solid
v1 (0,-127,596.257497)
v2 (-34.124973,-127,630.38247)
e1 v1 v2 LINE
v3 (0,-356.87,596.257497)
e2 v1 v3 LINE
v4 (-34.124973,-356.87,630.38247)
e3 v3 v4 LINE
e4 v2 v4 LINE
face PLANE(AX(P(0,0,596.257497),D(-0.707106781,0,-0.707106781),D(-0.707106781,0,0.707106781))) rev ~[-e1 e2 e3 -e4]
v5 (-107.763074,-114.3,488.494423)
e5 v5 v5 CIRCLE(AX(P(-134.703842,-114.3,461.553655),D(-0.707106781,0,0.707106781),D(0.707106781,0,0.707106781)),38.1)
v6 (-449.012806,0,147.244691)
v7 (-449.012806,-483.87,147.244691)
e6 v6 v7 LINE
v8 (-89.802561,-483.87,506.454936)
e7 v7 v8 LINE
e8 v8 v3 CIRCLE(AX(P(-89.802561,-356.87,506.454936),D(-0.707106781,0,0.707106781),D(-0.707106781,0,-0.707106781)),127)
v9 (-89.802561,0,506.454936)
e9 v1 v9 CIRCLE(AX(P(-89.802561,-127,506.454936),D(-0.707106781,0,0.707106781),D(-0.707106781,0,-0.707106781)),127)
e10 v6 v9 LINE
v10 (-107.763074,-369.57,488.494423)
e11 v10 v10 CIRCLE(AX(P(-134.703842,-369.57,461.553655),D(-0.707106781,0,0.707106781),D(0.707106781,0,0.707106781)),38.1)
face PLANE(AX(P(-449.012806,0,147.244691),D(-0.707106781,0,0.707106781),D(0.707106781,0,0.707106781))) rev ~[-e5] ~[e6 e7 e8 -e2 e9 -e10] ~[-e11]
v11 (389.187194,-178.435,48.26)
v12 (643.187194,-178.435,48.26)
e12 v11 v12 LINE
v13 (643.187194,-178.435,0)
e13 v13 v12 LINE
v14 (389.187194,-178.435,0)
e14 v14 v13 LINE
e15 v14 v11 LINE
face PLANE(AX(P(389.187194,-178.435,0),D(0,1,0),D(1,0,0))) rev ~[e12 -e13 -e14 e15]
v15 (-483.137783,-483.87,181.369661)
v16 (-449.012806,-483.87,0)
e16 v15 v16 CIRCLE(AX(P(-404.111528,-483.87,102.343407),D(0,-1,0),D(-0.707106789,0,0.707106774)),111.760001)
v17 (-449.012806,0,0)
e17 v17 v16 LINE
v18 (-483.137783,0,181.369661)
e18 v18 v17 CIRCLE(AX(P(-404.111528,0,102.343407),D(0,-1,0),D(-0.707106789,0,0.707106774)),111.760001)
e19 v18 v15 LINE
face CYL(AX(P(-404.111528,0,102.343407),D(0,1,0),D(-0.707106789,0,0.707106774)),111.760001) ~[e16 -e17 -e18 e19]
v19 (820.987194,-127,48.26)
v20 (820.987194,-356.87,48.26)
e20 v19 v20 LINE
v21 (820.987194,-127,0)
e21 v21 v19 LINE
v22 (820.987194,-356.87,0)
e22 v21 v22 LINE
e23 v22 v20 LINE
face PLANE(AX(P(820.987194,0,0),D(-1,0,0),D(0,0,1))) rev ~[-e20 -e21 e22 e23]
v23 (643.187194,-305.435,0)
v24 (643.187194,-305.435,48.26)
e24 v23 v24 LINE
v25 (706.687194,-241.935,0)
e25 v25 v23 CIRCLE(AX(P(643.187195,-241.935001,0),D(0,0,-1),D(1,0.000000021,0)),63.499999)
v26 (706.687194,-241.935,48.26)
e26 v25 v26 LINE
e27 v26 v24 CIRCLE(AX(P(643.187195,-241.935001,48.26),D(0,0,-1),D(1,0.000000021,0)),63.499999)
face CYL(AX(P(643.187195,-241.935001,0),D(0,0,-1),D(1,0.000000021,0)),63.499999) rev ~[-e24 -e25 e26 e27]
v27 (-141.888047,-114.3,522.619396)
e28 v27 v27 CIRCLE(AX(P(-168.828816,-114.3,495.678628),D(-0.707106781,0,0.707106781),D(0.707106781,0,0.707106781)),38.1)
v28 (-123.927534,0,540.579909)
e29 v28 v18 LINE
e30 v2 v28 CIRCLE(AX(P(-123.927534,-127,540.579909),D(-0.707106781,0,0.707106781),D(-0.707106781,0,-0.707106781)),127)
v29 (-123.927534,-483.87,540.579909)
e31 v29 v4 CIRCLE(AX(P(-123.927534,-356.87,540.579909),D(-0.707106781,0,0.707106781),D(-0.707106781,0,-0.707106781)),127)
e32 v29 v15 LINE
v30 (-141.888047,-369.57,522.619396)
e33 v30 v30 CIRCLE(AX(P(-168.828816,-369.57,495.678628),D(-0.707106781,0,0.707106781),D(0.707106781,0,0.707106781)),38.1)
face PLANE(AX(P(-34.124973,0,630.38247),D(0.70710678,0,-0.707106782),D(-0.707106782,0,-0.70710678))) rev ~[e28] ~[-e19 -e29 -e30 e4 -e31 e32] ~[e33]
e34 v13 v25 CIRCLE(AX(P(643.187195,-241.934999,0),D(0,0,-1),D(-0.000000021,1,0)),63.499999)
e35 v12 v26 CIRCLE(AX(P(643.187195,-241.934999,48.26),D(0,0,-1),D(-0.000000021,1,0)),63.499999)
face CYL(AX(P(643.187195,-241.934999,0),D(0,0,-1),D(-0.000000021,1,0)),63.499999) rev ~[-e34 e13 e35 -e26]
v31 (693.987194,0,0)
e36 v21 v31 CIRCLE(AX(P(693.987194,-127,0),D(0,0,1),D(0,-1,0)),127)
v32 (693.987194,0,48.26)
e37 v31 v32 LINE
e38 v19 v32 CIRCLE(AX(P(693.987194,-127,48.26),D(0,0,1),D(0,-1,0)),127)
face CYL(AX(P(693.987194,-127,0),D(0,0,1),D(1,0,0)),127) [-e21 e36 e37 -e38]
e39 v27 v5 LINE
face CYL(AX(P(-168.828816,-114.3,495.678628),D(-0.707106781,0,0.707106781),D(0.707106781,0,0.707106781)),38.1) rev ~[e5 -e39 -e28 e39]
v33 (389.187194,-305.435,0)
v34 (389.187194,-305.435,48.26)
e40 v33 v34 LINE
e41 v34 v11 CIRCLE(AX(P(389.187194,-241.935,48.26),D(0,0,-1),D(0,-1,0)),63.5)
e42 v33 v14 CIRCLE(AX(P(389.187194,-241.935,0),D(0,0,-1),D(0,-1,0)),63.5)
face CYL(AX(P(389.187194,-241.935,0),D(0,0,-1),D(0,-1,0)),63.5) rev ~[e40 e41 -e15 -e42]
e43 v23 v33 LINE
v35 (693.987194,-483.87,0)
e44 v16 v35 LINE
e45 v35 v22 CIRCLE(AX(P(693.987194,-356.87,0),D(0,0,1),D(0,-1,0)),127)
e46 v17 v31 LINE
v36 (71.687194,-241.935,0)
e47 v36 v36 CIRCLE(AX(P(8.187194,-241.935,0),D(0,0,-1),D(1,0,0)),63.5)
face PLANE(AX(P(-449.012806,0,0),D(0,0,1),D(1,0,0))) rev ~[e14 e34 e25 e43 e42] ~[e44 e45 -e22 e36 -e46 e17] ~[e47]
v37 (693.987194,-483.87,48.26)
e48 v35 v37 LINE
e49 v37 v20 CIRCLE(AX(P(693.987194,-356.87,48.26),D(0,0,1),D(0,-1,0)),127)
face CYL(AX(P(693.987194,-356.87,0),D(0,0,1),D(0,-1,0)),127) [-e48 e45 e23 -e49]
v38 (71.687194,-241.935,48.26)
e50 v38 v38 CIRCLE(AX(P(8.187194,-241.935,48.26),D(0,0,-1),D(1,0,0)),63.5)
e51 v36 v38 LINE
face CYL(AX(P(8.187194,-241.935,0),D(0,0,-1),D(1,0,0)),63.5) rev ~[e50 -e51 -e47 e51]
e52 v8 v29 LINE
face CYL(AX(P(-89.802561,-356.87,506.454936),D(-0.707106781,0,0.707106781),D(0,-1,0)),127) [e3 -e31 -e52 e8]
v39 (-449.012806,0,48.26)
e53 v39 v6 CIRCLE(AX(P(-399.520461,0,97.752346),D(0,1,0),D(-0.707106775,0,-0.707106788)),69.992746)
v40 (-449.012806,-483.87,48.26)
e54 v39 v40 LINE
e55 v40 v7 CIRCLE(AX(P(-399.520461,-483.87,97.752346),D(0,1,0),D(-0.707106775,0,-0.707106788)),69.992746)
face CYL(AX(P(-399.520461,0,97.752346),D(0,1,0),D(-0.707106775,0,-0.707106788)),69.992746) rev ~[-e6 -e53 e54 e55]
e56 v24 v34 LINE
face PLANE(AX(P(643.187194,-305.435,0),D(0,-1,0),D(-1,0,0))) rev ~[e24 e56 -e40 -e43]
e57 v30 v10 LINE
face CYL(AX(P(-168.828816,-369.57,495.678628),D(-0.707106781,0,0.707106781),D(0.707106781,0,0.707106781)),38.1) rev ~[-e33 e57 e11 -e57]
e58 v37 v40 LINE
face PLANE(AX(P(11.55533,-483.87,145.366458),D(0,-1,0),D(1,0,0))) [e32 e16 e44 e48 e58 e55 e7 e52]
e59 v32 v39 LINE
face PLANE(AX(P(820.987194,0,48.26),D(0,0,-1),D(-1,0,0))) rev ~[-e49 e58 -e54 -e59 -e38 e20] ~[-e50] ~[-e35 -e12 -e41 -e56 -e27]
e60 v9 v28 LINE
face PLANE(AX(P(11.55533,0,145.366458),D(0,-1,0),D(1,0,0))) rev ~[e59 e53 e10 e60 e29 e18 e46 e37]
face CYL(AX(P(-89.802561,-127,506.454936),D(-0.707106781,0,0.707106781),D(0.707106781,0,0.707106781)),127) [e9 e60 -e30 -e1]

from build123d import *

# Parameters (mm, degrees)
F1_DEPTH = 483.87
F2_R     = 63.5
F3_DEPTH = 142.24
F4_R     = 38.1
F5_DEPTH = 73.66
F6_R     = 127
F7_R     = 127
F8_R     = 127
F9_R     = 127


with BuildPart() as f1:
    # F0 (on Front) → F1 (new body)
    with BuildSketch(Plane.XZ):
        with BuildLine():
            ThreePointArc((-483.137783, 181.369661), (-513.944341, 81.678197), (-449.012806, 0))
            Line((-449.012806, 0), (820.987194, 0))
            Line((820.987194, 0), (820.987194, 48.26))
            Line((820.987194, 48.26), (-449.012806, 48.26))
            ThreePointArc((-449.012806, 48.26), (-469.513207, 97.752345), (-449.012806, 147.244691))
            Line((-449.012806, 147.244691), (0, 596.257497))
            Line((0, 596.257497), (-34.124973, 630.38247))
            Line((-34.124973, 630.38247), (-483.137783, 181.369661))
        make_face()
    extrude(amount=F1_DEPTH)

    # F2 (on face) → F3 (cut)
    with BuildSketch(Plane(origin=(0, 0, 0), x_dir=(1, 0, 0), z_dir=(0, 0, -1))):
        with Locations((8.187194, 241.935)):
            Circle(F2_R)
        with BuildLine():
            ThreePointArc((389.187194, 178.435), (434.088475, 197.033719), (452.687194, 241.935))
            ThreePointArc((452.687194, 241.935), (434.088475, 286.836281), (389.187194, 305.435))
            ThreePointArc((389.187194, 305.435), (325.687194, 241.935), (389.187194, 178.435))
        make_face()
        with BuildLine():
            ThreePointArc((389.187194, 305.435), (434.088475, 286.836281), (452.687194, 241.935))
            ThreePointArc((452.687194, 241.935), (434.088475, 197.033719), (389.187194, 178.435))
            Line((389.187194, 178.435), (643.187194, 178.435))
            ThreePointArc((643.187194, 178.435), (579.687194, 241.935), (643.187194, 305.435))
            Line((643.187194, 305.435), (389.187194, 305.435))
        make_face()
        with BuildLine():
            ThreePointArc((706.687194, 241.935), (688.088475, 286.836281), (643.187194, 305.435))
            ThreePointArc((643.187194, 305.435), (579.687194, 241.935), (643.187194, 178.435))
            ThreePointArc((643.187194, 178.435), (688.088475, 197.033719), (706.687194, 241.935))
        make_face()
    extrude(amount=-F3_DEPTH, mode=Mode.SUBTRACT)

    # F4 (on face) → F5 (cut)
    with BuildSketch(Plane(origin=(-332.253722, 0, 332.253722), x_dir=(0.707107, 0, 0.707107), z_dir=(-0.707107, 0, 0.707107))):
        with Locations((231.117719, -114.3)):
            Circle(F4_R)
        with Locations((231.117719, -369.57)):
            Circle(F4_R)
    extrude(amount=-F5_DEPTH, mode=Mode.SUBTRACT)

    # F6
    f6_edges = [f1.edges().sort_by_distance(p)[0] for p in [
        (-17.062487, -483.87, 613.319983),
    ]]
    fillet(f6_edges, radius=F6_R)

    # F7
    f7_edges = [f1.edges().sort_by_distance(p)[0] for p in [
        (-17.062487, 0, 613.319983),
    ]]
    fillet(f7_edges, radius=F7_R)

    # F8
    f8_edges = [f1.edges().sort_by_distance(p)[0] for p in [
        (820.987194, -483.87, 24.13),
    ]]
    fillet(f8_edges, radius=F8_R)

    # F9
    f9_edges = [f1.edges().sort_by_distance(p)[0] for p in [
        (820.987194, 0, 24.13),
    ]]
    fillet(f9_edges, radius=F9_R)


solid = f1.part
